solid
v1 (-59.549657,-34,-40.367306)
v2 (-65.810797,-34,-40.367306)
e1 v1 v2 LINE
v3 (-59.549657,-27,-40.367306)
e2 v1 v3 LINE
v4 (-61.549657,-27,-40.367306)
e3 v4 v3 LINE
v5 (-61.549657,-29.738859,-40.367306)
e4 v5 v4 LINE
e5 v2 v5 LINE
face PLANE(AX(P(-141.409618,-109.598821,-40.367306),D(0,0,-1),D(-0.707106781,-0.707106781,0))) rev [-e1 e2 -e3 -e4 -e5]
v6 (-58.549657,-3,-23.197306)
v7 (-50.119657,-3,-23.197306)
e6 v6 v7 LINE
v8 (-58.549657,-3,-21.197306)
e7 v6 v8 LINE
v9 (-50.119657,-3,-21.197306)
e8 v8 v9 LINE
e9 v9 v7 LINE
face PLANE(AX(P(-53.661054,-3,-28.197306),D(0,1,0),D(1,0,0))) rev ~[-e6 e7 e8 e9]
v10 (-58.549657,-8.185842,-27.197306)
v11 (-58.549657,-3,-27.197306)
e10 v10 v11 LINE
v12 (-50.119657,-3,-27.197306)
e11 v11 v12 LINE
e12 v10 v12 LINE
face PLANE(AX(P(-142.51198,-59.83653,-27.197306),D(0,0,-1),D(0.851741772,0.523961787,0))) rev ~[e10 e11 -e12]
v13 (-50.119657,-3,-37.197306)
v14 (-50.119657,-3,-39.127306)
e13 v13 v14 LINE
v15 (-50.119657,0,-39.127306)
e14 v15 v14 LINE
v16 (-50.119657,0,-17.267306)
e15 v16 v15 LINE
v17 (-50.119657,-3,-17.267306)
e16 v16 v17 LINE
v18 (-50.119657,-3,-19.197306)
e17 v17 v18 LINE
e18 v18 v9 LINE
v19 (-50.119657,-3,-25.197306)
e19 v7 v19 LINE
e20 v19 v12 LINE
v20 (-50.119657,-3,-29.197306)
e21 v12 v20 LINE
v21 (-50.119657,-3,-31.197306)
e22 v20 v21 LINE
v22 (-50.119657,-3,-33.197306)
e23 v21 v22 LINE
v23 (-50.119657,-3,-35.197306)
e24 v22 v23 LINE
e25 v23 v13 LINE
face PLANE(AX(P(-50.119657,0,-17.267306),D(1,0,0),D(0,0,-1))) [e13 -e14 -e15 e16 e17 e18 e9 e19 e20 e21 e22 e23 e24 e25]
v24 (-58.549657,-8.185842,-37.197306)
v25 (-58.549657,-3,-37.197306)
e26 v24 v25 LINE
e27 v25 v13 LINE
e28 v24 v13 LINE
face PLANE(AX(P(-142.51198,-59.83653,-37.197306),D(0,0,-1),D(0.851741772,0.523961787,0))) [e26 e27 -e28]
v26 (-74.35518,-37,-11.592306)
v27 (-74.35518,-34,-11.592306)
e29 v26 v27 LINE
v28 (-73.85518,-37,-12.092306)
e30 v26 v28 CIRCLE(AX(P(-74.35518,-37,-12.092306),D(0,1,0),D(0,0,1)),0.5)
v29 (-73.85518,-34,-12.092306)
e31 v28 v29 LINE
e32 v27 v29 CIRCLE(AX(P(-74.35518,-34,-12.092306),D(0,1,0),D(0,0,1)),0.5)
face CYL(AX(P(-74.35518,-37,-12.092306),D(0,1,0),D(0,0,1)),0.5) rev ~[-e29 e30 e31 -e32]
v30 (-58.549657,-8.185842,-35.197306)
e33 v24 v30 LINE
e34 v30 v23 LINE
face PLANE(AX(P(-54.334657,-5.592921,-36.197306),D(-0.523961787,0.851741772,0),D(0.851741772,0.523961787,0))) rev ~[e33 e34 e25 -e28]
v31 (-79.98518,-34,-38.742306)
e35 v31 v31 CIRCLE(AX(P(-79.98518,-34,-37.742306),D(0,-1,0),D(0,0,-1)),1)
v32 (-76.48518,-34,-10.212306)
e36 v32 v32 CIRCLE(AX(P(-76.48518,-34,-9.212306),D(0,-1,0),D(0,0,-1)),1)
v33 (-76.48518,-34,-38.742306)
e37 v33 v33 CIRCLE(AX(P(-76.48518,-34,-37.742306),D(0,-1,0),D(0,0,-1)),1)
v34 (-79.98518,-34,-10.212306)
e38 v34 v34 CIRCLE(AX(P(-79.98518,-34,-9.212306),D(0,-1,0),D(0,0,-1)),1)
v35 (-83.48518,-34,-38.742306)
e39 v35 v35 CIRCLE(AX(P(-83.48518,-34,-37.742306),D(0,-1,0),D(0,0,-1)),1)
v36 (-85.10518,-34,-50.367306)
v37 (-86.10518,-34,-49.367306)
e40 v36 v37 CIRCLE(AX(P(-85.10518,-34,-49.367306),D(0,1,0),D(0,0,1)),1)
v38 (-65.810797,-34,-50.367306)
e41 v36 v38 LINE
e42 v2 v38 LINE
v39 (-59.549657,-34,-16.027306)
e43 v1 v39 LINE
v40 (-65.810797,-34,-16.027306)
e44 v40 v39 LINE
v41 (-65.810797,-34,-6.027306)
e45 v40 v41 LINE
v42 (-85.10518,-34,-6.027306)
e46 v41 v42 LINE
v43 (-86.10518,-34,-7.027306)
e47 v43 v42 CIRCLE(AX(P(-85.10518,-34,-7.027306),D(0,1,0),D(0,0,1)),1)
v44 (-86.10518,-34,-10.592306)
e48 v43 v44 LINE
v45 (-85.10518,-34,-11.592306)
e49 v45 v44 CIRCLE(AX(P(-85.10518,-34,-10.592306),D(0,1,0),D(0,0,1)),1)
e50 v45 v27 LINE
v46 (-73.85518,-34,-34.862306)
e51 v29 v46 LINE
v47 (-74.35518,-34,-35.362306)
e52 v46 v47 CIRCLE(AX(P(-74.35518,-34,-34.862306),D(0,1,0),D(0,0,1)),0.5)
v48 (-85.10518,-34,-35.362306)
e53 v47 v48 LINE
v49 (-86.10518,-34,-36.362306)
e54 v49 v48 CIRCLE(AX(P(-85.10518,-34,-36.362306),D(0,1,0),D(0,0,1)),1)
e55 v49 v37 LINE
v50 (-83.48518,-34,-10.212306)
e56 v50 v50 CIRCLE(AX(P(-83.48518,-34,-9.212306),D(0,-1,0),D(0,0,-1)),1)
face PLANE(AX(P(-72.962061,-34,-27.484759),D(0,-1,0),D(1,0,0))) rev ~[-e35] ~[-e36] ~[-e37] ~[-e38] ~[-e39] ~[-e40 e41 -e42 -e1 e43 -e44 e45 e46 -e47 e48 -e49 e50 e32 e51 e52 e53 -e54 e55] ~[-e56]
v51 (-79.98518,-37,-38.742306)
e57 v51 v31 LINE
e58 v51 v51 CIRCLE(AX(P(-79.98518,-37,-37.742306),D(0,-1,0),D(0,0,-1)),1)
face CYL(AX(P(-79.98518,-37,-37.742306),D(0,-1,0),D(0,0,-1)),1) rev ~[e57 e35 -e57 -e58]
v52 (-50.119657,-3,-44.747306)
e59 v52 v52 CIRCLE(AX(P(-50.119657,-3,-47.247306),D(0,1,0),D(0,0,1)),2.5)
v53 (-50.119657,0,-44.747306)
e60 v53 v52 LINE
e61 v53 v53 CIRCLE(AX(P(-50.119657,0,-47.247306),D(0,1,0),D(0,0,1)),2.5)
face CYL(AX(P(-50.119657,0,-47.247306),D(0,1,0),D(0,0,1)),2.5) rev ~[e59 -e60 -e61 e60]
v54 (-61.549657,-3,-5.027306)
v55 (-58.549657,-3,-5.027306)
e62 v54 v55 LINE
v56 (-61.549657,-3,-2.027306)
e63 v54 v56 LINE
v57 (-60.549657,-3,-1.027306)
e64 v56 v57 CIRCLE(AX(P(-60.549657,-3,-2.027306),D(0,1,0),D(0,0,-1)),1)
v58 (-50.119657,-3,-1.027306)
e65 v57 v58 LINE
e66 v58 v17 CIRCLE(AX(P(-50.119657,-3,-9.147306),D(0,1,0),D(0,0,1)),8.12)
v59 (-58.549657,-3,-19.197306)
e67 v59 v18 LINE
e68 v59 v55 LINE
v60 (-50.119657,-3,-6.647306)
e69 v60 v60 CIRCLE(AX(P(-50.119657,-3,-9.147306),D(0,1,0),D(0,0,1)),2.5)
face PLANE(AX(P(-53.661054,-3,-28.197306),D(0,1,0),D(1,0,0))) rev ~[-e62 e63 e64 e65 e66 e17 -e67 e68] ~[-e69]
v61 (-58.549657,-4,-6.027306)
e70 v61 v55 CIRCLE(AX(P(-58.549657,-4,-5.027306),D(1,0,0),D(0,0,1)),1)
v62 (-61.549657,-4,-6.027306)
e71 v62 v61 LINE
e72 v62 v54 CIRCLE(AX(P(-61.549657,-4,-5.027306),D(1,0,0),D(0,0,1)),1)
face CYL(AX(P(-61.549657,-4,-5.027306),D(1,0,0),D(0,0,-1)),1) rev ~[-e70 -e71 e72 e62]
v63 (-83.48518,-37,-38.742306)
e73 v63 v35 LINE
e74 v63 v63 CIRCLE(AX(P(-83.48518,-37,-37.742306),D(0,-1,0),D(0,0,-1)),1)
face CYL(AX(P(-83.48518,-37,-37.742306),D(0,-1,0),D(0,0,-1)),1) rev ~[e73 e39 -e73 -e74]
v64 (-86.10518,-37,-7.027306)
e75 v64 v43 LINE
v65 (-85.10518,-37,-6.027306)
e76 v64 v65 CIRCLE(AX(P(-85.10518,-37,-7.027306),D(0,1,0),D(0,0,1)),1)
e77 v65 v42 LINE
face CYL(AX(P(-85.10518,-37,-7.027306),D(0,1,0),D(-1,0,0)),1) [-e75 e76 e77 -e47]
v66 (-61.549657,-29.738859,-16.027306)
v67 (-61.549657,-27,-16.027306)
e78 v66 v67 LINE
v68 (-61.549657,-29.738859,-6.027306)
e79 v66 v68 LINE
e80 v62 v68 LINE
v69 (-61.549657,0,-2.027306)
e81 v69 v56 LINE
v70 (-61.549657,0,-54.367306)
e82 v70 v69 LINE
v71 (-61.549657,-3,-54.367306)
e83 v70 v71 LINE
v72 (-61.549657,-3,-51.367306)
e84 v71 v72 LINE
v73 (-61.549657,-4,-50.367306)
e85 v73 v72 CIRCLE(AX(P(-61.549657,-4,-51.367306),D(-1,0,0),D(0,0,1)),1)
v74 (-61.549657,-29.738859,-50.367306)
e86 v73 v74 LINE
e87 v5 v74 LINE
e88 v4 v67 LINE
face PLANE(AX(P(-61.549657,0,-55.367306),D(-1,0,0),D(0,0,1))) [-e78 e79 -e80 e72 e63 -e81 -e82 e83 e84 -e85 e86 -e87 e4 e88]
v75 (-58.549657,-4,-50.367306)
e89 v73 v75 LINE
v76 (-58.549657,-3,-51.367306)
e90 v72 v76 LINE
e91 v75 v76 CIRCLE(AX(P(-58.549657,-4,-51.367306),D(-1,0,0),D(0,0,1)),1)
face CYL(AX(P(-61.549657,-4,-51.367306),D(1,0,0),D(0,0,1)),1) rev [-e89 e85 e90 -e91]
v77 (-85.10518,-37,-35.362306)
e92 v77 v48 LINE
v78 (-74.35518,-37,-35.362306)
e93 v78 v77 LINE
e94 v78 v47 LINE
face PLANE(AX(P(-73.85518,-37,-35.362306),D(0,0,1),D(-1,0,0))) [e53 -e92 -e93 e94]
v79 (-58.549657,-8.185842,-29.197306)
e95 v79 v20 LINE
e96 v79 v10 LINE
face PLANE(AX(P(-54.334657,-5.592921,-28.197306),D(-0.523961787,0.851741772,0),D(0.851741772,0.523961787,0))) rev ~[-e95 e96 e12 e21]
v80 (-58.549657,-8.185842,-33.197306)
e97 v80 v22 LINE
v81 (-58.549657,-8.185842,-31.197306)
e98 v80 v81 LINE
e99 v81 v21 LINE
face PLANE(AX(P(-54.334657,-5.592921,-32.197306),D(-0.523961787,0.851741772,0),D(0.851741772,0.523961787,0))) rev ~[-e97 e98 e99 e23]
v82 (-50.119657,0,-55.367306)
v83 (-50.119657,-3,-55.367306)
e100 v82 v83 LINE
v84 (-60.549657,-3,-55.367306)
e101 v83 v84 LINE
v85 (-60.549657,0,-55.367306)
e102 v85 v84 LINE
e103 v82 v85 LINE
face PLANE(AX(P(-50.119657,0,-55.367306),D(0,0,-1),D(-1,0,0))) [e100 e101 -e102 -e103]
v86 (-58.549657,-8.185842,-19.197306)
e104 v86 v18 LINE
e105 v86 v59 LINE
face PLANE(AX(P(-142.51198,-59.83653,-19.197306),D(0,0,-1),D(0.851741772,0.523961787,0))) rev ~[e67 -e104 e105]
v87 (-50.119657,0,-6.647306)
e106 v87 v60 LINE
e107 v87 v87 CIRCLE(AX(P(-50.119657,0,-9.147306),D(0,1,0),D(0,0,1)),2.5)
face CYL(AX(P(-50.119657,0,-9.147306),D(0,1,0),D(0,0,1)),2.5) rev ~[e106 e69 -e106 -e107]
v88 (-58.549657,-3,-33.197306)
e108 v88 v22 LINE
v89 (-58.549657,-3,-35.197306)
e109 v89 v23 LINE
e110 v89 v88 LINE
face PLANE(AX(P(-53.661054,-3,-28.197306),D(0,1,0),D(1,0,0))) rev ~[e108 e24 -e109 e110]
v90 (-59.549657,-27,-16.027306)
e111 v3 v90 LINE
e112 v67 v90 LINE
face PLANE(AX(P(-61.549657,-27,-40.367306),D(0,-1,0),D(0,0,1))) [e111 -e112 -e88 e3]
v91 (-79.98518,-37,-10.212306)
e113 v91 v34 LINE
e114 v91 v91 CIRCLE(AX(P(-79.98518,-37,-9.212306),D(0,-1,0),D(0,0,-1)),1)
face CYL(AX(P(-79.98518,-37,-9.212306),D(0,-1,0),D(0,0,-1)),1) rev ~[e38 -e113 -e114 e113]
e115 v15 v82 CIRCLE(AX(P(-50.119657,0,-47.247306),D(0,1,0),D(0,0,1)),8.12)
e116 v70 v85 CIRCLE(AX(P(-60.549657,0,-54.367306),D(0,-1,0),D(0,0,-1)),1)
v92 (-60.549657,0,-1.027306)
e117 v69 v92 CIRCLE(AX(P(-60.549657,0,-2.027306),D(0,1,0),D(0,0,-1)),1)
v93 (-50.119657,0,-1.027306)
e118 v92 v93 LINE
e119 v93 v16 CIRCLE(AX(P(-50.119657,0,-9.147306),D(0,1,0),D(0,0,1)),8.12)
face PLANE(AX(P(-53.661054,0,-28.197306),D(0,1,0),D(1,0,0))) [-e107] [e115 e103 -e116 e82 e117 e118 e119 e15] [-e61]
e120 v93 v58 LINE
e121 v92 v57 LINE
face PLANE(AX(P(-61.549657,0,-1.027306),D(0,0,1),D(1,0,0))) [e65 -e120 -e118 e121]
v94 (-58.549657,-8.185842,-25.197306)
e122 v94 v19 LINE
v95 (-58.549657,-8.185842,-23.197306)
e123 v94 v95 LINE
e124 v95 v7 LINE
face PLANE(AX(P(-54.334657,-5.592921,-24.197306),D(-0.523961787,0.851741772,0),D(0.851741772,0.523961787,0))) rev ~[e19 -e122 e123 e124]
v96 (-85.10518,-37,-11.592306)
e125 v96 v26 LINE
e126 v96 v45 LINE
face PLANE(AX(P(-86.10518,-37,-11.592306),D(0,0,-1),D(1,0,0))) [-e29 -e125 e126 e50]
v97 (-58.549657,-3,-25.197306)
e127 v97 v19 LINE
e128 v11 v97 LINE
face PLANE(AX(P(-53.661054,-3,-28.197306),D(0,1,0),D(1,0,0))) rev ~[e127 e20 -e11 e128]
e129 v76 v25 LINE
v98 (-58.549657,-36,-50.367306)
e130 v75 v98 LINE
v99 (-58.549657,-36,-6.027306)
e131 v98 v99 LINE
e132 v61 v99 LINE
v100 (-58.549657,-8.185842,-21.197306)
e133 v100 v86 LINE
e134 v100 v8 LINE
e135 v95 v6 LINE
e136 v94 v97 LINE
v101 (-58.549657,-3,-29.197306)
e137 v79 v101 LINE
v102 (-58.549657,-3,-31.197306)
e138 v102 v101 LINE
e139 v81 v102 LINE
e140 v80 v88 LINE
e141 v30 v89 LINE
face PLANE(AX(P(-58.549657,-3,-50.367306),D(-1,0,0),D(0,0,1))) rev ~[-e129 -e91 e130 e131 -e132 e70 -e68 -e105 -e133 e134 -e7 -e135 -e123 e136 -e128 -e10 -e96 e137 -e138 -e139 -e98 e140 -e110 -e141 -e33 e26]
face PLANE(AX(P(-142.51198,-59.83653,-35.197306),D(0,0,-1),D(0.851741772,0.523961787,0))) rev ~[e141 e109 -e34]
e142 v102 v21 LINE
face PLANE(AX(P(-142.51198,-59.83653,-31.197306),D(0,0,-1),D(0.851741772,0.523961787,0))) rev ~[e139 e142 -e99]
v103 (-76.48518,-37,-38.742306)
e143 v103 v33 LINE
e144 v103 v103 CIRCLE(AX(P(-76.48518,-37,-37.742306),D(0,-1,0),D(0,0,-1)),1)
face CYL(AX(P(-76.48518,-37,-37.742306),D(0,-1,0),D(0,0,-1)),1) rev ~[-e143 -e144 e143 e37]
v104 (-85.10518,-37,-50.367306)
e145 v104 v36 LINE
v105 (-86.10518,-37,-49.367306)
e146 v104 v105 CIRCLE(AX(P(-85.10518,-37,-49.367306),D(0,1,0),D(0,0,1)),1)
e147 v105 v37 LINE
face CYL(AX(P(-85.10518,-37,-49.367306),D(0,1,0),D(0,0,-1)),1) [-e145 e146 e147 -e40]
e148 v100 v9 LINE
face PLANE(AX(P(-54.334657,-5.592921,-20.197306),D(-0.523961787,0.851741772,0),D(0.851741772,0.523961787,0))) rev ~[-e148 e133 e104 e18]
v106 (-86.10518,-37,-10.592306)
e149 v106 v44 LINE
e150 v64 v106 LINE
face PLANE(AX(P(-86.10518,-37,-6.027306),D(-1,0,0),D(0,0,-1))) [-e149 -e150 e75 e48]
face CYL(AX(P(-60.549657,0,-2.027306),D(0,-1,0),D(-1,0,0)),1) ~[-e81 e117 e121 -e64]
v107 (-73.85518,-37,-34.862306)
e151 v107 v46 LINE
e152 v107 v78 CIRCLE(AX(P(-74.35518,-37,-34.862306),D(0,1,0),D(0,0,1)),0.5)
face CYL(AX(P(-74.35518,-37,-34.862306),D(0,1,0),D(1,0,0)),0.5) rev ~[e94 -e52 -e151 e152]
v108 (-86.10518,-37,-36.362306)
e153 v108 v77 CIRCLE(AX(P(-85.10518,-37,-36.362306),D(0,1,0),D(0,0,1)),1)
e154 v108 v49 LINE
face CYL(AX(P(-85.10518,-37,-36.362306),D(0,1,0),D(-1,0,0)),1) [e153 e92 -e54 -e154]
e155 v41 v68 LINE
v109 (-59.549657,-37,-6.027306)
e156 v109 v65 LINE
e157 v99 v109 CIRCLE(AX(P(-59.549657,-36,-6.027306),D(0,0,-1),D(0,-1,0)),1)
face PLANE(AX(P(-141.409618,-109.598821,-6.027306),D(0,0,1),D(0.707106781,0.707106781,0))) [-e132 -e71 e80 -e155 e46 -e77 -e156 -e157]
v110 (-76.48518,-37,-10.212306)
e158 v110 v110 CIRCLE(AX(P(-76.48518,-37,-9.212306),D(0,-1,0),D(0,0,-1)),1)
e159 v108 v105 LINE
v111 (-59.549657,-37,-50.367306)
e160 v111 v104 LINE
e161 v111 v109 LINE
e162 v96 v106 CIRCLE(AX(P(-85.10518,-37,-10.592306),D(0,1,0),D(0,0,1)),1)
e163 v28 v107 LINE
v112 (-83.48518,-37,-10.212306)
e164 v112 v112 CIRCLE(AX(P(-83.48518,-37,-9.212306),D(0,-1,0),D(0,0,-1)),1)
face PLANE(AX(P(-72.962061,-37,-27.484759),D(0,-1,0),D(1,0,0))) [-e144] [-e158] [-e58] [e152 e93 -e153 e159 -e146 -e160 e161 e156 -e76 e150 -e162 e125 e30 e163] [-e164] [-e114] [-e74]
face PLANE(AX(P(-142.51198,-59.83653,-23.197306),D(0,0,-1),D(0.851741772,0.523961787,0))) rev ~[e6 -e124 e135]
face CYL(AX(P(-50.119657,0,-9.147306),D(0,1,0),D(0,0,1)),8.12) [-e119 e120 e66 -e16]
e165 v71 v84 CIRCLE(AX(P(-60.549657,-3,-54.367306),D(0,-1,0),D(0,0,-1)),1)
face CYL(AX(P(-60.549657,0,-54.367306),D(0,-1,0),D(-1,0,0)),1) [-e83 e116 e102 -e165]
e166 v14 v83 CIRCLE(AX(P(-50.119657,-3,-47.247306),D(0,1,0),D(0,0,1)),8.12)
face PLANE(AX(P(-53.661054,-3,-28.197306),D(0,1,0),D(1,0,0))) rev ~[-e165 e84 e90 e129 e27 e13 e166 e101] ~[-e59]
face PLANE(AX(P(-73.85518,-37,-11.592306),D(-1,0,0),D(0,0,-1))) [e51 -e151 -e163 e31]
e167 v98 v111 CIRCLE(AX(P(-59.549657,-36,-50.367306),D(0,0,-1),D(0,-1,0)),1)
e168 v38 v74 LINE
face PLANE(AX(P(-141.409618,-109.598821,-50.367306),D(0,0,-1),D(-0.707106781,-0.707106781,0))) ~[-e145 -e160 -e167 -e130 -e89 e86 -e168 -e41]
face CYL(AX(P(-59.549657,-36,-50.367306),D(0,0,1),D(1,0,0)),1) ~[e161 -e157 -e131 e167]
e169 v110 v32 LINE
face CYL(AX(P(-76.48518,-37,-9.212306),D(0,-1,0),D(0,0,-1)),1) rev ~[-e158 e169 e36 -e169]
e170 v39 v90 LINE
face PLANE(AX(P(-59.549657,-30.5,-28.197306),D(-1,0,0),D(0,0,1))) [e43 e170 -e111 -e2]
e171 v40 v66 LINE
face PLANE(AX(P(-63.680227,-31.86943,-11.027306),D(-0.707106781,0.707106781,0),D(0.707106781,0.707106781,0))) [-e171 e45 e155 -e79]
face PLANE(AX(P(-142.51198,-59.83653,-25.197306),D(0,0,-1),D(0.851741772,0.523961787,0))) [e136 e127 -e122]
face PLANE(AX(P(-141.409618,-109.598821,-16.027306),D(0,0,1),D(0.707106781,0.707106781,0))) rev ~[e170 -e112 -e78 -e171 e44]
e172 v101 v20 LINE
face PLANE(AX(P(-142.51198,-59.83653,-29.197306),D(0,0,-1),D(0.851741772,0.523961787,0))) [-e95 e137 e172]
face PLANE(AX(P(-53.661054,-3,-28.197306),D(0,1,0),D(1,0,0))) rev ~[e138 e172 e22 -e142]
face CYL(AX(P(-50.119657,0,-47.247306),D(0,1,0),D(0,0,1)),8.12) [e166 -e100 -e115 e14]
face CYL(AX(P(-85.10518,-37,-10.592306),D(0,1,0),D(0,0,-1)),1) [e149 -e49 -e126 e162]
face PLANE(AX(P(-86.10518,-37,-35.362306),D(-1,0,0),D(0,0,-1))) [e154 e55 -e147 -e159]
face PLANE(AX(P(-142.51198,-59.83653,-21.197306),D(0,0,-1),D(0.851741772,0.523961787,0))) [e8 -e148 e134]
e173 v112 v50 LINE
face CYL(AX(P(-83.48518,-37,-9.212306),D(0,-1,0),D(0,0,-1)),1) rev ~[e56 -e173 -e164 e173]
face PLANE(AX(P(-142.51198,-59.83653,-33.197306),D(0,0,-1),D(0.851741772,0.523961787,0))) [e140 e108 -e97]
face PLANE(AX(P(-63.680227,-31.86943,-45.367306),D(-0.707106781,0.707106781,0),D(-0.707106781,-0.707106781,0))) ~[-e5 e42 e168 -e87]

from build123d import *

# Parameters (mm, degrees)
SKETCH4_R           = 2.5
BOSS_EXTRUDE1_DEPTH = 3
SKETCH5_W           = 3
SKETCH5_H           = 44.34
BOSS_EXTRUDE2_DEPTH = 34
SKETCH11_R          = 1
BOSS_EXTRUDE3_DEPTH = 3
RIB7_REACH          = 99.577
SKETCH15_WALL_W     = 207.051776086
SKETCH15_WALL_H     = 2
LPATTERN2_COUNT     = 3
LPATTERN2_PITCH     = 4
LPATTERN2_COL_COUNT = 3
LPATTERN2_COL_PITCH = 4
RIB8_REACH          = 107.913
SKETCH16_WALL_W     = 219.851918098
SKETCH16_WALL_H     = 10
FILLET3_R           = 1
SKETCH17_W          = 24.34
SKETCH17_H          = 7
CUT_EXTRUDE1_DEPTH  = 2
FILLET4_R           = 0.5


with BuildPart() as part:
    # Sketch4 → Boss-Extrude1 (new body)
    with BuildSketch(Plane(origin=(0, 0, 0), x_dir=(1, 0, 0), z_dir=(0, 1, 0))):
        with BuildLine():
            Line((-61.549656869, 55.367306066), (-61.549656869, 1.027306066))
            Line((-61.549656869, 1.027306066), (-50.119656869, 1.027306066))
            ThreePointArc((-50.119656869, 1.027306066), (-41.999656869, 9.147306066), (-50.119656869, 17.267306066))
            Line((-50.119656869, 17.267306066), (-50.119656869, 39.127306066))
            ThreePointArc((-50.119656869, 39.127306066), (-41.999656869, 47.247306066), (-50.119656869, 55.367306066))
            Line((-50.119656869, 55.367306066), (-61.549656869, 55.367306066))
        make_face()
        with Locations(Location((-50.119656869, 47.247306066, 0), (0, 0, 270))):
            Circle(SKETCH4_R, mode=Mode.SUBTRACT)
        with Locations(Location((-50.119656869, 9.147306066, 0), (0, 0, 270))):
            Circle(SKETCH4_R, mode=Mode.SUBTRACT)
    extrude(amount=-BOSS_EXTRUDE1_DEPTH)

    # Sketch5 → Boss-Extrude2 (add)
    with BuildSketch(Plane.XZ.offset(3)):
        with Locations((-60.049656869, -28.197306066)):
            Rectangle(SKETCH5_W, SKETCH5_H)
    extrude(amount=BOSS_EXTRUDE2_DEPTH)

    # Sketch11 → Boss-Extrude3 (add)
    with BuildSketch(Plane.XZ.offset(37)):
        Polygon((-86.105180159, -35.362306066), (-86.105180159, -50.367306066), (-61.549656869, -50.367306066), (-61.549656869, -6.027306066), (-86.105180159, -6.027306066), (-86.105180159, -11.592306066), (-73.855180159, -11.592306066), (-73.855180159, -35.362306066), align=None)
        with Locations(Location((-83.485180159, -37.742306066, 0), (0, 0, 270))):
            Circle(SKETCH11_R, mode=Mode.SUBTRACT)
        with Locations(Location((-79.985180159, -37.742306066, 0), (0, 0, 270))):
            Circle(SKETCH11_R, mode=Mode.SUBTRACT)
        with Locations(Location((-76.485180159, -37.742306066, 0), (0, 0, 270))):
            Circle(SKETCH11_R, mode=Mode.SUBTRACT)
        with Locations(Location((-83.485180159, -9.212306066, 0), (0, 0, 270))):
            Circle(SKETCH11_R, mode=Mode.SUBTRACT)
        with Locations(Location((-79.985180159, -9.212306066, 0), (0, 0, 270))):
            Circle(SKETCH11_R, mode=Mode.SUBTRACT)
        with Locations(Location((-76.485180159, -9.212306066, 0), (0, 0, 270))):
            Circle(SKETCH11_R, mode=Mode.SUBTRACT)
    extrude(amount=-BOSS_EXTRUDE3_DEPTH)

    # Sketch15 wall → Rib7 (add, up to next)
    with BuildSketch(Plane(origin=(-54.334656869, -5.592920769, -28.197306066), x_dir=(0.851741772014, 0.523961786591, 0), z_dir=(-0.523961786591, 0.851741772014, 0)), mode=Mode.PRIVATE) as rib7_sk1:
        Rectangle(SKETCH15_WALL_W, SKETCH15_WALL_H)
    rib7_tool1 = extrude(rib7_sk1.sketch, amount=RIB7_REACH, mode=Mode.PRIVATE) - part.part
    rib7 = rib7_tool1.solids().sort_by_distance((-54.334656869, -5.592920769, -28.197306066))[0]
    add(rib7)

    # LPattern2: Rib7 ×3
    with Locations(*[(0, 0, -i * LPATTERN2_PITCH) for i in range(1, LPATTERN2_COUNT)]):
        add(rib7)

    # LPattern2 col: Rib7 ×3
    with Locations(*[(0, 0, i * LPATTERN2_COL_PITCH) for i in range(1, LPATTERN2_COL_COUNT)]):
        add(rib7)

    # Sketch16 wall → Rib8 (add, up to next)
    with BuildSketch(Plane(origin=(-63.680227165, -31.869429704, -6.027306066), x_dir=(0.707106781187, 0.707106781187, 0), z_dir=(-0.707106781187, 0.707106781187, 0)), mode=Mode.PRIVATE) as rib8_sk1:
        with Locations((0, 5)):
            Rectangle(SKETCH16_WALL_W, SKETCH16_WALL_H)
    rib8_tool1 = extrude(rib8_sk1.sketch, amount=-RIB8_REACH, mode=Mode.PRIVATE) - part.part
    rib8 = rib8_tool1.solids().sort_by_distance((-63.680227165, -31.869429704, -6.027306066))[0]
    add(rib8)

    # Mirror1: Rib8 across plane
    add(rib8.mirror(Plane.XY.offset(-28.197306066)))

    # Fillet3
    fillet3_edges = [part.edges().sort_by_distance(p)[0] for p in [
        (-61.549656869, -1.5, -1.027306066),
        (-61.549656869, -1.5, -55.367306066),
        (-60.049656869, -3, -50.367306066),
        (-60.049656869, -3, -6.027306066),
        (-58.549656869, -37, -28.197306066),
        (-86.105180159, -35.5, -11.592306066),
        (-86.105180159, -35.5, -6.027306066),
        (-86.105180159, -35.5, -50.367306066),
        (-86.105180159, -35.5, -35.362306066),
    ]]
    fillet(fillet3_edges, radius=FILLET3_R)

    # Sketch17 → Cut-Extrude1 (cut)
    with BuildSketch(Plane.ZY.offset(61.549656869)):
        with Locations((-28.197306066, -30.5)):
            Rectangle(SKETCH17_W, SKETCH17_H)
    extrude(amount=-CUT_EXTRUDE1_DEPTH, mode=Mode.SUBTRACT)

    # Fillet4
    fillet4_edges = [part.edges().sort_by_distance(p)[0] for p in [
        (-73.855180159, -35.5, -35.362306066),
        (-73.855180159, -35.5, -11.592306066),
    ]]
    fillet(fillet4_edges, radius=FILLET4_R)


solid = part.part
